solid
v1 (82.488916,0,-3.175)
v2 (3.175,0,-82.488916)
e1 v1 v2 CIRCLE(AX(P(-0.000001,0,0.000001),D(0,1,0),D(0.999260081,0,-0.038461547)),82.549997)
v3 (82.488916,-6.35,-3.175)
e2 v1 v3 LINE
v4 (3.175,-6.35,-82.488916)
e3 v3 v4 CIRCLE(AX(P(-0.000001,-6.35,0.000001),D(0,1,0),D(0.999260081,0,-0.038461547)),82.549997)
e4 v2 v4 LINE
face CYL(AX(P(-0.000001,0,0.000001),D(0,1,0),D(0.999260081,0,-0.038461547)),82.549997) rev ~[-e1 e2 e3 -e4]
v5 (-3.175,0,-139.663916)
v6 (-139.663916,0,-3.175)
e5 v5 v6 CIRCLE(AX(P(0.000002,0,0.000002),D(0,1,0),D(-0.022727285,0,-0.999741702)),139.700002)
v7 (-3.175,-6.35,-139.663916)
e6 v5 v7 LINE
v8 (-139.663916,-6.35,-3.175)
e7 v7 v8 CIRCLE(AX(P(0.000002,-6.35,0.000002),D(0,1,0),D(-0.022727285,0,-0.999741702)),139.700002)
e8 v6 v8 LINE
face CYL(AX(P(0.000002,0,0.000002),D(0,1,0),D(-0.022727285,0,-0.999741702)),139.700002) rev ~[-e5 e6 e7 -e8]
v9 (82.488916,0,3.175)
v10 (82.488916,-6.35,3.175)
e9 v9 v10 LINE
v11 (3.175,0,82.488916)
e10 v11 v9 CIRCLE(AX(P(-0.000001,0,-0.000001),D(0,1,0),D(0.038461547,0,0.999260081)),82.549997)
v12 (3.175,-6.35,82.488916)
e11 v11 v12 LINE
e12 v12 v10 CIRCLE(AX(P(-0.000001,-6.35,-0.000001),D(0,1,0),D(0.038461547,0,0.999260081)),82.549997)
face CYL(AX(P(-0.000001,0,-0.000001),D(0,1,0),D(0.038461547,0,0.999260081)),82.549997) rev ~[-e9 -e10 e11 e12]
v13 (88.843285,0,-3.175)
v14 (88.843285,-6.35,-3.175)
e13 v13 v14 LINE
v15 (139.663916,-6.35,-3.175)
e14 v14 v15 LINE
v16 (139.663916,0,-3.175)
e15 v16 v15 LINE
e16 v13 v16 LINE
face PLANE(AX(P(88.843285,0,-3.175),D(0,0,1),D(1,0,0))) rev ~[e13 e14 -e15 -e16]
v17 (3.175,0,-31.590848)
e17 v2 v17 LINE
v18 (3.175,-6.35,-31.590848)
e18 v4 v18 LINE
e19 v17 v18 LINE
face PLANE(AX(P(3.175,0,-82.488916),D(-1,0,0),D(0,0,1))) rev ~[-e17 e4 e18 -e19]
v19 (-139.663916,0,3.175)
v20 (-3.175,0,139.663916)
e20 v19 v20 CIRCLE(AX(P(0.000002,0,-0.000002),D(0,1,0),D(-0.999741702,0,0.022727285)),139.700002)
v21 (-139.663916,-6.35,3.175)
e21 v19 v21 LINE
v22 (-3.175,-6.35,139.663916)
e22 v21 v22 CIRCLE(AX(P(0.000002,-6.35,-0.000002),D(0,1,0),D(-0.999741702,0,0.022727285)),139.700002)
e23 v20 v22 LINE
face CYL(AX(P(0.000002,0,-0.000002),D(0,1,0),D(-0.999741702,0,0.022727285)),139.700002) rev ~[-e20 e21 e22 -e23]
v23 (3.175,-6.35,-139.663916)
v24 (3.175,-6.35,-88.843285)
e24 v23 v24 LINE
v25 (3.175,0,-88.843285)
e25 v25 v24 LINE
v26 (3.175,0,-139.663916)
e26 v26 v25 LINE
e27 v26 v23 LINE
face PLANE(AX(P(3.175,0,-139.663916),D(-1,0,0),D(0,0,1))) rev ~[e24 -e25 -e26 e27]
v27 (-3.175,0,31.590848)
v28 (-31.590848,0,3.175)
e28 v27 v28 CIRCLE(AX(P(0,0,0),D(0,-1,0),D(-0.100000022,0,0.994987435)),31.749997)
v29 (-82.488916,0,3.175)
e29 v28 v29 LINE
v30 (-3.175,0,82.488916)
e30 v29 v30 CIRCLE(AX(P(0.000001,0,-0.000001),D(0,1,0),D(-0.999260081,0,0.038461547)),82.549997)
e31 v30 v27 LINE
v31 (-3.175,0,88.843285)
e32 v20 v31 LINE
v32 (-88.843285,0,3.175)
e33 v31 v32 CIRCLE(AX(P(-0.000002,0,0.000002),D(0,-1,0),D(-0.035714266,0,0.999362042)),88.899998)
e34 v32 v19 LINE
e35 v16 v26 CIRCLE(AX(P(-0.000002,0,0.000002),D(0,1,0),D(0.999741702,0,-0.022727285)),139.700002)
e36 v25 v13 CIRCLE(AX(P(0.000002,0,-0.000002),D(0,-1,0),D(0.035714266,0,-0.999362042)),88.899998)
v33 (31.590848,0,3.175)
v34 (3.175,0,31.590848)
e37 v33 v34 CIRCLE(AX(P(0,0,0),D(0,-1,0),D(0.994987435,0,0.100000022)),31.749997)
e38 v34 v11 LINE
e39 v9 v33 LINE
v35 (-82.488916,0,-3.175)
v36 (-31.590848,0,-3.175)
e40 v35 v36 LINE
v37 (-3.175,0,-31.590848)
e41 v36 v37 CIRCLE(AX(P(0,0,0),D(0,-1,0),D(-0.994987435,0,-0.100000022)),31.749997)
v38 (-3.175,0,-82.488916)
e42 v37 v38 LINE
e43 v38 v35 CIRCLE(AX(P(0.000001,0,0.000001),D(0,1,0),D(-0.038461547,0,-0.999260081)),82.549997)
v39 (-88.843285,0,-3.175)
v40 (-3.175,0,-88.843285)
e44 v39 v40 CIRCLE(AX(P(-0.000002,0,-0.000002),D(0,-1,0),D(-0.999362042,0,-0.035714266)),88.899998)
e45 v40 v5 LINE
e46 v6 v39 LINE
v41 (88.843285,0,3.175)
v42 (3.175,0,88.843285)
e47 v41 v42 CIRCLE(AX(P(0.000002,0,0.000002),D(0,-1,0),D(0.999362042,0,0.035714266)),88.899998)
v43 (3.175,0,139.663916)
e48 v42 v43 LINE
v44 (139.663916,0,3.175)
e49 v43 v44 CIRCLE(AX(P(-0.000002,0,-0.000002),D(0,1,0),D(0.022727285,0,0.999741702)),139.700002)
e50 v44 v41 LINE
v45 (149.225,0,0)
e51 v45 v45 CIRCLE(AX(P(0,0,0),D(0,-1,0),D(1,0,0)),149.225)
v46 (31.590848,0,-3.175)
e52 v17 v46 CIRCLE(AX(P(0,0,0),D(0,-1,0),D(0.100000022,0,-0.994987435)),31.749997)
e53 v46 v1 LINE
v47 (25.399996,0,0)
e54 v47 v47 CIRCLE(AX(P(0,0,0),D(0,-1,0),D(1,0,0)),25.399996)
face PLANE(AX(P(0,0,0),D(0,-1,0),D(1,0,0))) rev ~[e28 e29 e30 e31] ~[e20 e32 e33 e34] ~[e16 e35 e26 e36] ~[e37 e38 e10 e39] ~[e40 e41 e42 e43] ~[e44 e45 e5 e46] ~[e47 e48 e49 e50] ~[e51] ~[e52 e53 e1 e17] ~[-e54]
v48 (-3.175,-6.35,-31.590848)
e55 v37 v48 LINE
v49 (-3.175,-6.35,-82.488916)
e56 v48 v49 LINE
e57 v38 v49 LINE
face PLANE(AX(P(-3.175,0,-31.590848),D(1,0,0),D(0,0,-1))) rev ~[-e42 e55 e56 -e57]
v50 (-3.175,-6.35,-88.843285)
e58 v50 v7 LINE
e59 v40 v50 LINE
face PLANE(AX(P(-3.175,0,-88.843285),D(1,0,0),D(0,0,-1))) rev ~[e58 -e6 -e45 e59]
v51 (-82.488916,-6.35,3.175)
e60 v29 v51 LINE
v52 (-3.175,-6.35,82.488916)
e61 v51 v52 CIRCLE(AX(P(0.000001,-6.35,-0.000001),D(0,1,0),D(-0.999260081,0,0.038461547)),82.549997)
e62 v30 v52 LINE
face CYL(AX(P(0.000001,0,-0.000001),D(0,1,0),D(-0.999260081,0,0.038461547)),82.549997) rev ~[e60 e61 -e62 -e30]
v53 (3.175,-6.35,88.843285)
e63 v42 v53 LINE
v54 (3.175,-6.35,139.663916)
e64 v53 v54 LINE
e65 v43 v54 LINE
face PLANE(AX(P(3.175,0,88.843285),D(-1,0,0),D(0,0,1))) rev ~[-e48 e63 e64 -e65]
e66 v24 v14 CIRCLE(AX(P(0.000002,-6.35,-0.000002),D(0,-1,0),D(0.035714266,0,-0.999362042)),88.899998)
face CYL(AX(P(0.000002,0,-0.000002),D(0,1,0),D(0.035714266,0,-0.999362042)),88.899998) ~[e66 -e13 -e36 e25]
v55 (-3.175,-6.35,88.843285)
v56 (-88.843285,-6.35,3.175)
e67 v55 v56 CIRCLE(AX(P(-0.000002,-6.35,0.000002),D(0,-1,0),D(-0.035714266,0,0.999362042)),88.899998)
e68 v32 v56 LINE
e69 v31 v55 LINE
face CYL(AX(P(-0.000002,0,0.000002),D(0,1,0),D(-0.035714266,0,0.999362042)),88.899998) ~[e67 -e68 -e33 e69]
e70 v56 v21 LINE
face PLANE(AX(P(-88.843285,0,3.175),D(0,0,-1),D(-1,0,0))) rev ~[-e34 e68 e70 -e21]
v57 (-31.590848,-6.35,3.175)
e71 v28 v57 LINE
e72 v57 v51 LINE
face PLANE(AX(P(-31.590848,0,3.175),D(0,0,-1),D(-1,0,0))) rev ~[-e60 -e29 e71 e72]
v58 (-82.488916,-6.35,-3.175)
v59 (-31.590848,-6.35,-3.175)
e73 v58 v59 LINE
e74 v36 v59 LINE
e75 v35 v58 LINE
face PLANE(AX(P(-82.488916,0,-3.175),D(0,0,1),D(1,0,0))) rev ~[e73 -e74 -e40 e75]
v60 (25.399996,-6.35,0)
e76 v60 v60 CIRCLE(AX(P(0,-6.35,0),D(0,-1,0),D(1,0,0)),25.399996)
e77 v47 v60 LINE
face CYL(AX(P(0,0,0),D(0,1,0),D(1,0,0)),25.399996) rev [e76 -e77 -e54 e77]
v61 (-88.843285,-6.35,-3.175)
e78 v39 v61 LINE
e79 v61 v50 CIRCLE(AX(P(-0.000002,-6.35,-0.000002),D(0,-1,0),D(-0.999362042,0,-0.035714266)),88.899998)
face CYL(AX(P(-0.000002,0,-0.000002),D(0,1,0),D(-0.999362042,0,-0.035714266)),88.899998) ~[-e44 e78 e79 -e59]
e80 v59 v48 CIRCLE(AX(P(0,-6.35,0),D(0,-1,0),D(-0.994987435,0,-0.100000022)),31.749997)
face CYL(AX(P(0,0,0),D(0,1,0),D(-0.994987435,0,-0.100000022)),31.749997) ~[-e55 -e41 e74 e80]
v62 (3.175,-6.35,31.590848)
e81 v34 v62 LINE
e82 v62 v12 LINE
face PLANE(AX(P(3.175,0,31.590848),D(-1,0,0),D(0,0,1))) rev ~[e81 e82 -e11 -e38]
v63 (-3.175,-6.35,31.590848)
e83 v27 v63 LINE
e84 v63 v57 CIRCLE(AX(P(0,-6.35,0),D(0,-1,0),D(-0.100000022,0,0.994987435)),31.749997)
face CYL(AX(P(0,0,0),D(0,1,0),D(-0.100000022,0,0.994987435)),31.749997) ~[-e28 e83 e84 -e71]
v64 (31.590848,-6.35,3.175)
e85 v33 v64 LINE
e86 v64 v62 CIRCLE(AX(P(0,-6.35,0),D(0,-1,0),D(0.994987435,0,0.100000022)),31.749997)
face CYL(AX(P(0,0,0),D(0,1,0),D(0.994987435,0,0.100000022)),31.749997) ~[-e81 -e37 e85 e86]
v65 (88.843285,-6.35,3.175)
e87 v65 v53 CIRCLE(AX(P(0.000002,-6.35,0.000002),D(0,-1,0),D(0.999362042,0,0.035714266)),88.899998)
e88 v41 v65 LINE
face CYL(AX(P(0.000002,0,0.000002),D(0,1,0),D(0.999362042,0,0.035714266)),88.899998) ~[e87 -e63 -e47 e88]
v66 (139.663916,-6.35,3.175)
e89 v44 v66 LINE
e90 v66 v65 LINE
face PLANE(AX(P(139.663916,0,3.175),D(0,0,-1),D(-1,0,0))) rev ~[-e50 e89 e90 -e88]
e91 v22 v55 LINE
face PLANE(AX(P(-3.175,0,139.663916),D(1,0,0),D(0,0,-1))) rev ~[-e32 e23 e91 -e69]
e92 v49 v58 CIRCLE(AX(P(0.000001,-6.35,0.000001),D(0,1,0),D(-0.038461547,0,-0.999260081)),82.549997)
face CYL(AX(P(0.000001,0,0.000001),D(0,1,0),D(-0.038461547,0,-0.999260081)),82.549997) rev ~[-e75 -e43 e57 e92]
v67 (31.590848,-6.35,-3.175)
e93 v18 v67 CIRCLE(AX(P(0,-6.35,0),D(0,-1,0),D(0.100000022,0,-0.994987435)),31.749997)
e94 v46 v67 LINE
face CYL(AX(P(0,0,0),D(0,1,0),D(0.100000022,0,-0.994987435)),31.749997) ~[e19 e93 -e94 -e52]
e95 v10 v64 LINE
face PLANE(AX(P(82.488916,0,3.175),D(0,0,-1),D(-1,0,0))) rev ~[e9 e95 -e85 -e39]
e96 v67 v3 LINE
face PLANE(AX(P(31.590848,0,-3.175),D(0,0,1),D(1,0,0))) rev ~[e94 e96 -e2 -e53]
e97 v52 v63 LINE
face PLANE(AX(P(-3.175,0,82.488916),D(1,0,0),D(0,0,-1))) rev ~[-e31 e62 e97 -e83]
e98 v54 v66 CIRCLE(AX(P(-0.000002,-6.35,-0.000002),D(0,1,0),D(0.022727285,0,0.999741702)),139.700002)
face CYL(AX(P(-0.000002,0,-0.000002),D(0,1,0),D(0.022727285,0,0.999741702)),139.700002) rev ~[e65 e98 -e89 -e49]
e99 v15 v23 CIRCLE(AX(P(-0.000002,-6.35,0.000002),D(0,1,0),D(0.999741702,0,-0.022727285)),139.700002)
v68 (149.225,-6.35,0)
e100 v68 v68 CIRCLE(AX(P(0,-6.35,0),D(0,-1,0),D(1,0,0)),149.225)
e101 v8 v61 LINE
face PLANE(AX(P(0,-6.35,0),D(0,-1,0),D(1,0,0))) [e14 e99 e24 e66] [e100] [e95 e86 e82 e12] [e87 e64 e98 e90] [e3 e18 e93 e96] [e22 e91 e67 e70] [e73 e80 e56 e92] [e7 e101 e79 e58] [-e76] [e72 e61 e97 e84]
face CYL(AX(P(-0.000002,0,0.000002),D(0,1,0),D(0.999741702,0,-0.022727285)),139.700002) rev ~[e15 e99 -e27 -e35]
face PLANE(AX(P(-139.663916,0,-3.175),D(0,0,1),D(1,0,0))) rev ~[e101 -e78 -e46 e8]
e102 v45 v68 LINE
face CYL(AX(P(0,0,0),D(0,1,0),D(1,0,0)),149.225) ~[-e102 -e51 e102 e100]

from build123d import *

# Parameters (mm, degrees)
F0_R     = 149.225
F0_R_2   = 25.399996
F1_DEPTH = 6.35


with BuildPart() as f1:
    # F0 (on Front) → F1 (new body)
    with BuildSketch(Plane.XZ):
        Circle(F0_R)
        with BuildLine():
            ThreePointArc((-3.175, -139.663916), (-98.782817, -98.782817), (-139.663916, -3.175))
            Line((-139.663916, -3.175), (-88.843285, -3.175))
            ThreePointArc((-88.843285, -3.175), (-62.861793, -62.861793), (-3.175, -88.843285))
            Line((-3.175, -88.843285), (-3.175, -139.663916))
        make_face(mode=Mode.SUBTRACT)
        with BuildLine():
            ThreePointArc((-3.175, -82.488916), (-58.371662, -58.371662), (-82.488916, -3.175))
            Line((-82.488916, -3.175), (-31.590848, -3.175))
            ThreePointArc((-31.590848, -3.175), (-22.450638, -22.450638), (-3.175, -31.590848))
            Line((-3.175, -31.590848), (-3.175, -82.488916))
        make_face(mode=Mode.SUBTRACT)
        with BuildLine():
            Line((3.175, -139.663916), (3.175, -88.843285))
            ThreePointArc((3.175, -88.843285), (62.861793, -62.861793), (88.843285, -3.175))
            Line((88.843285, -3.175), (139.663916, -3.175))
            ThreePointArc((139.663916, -3.175), (98.782817, -98.782817), (3.175, -139.663916))
        make_face(mode=Mode.SUBTRACT)
        with BuildLine():
            Line((3.175, -82.488916), (3.175, -31.590848))
            ThreePointArc((3.175, -31.590848), (22.450638, -22.450638), (31.590848, -3.175))
            Line((31.590848, -3.175), (31.749997, -3.175))
            Line((31.749997, -3.175), (82.488916, -3.175))
            ThreePointArc((82.488916, -3.175), (58.371662, -58.371662), (3.175, -82.488916))
        make_face(mode=Mode.SUBTRACT)
        with BuildLine():
            Line((-31.590848, 3.175), (-31.749997, 3.175))
            Line((-31.749997, 3.175), (-82.488916, 3.175))
            ThreePointArc((-82.488916, 3.175), (-58.371662, 58.371662), (-3.175, 82.488916))
            Line((-3.175, 82.488916), (-3.175, 31.749997))
            Line((-3.175, 31.749997), (-3.175, 31.590848))
            ThreePointArc((-3.175, 31.590848), (-22.450638, 22.450638), (-31.590848, 3.175))
        make_face(mode=Mode.SUBTRACT)
        with BuildLine():
            ThreePointArc((-139.663916, 3.175), (-98.782817, 98.782817), (-3.175, 139.663916))
            Line((-3.175, 139.663916), (-3.175, 88.843285))
            ThreePointArc((-3.175, 88.843285), (-62.861793, 62.861793), (-88.843285, 3.175))
            Line((-88.843285, 3.175), (-139.663916, 3.175))
        make_face(mode=Mode.SUBTRACT)
        Circle(F0_R_2, mode=Mode.SUBTRACT)
        with BuildLine():
            Line((3.175, 31.590848), (3.175, 31.749997))
            Line((3.175, 31.749997), (3.175, 82.488916))
            ThreePointArc((3.175, 82.488916), (58.371662, 58.371662), (82.488916, 3.175))
            Line((82.488916, 3.175), (31.590848, 3.175))
            ThreePointArc((31.590848, 3.175), (22.450638, 22.450638), (3.175, 31.590848))
        make_face(mode=Mode.SUBTRACT)
        with BuildLine():
            ThreePointArc((3.175, 139.663916), (98.782817, 98.782817), (139.663916, 3.175))
            Line((139.663916, 3.175), (88.843285, 3.175))
            ThreePointArc((88.843285, 3.175), (62.861793, 62.861793), (3.175, 88.843285))
            Line((3.175, 88.843285), (3.175, 139.663916))
        make_face(mode=Mode.SUBTRACT)
    extrude(amount=F1_DEPTH)


solid = f1.part
